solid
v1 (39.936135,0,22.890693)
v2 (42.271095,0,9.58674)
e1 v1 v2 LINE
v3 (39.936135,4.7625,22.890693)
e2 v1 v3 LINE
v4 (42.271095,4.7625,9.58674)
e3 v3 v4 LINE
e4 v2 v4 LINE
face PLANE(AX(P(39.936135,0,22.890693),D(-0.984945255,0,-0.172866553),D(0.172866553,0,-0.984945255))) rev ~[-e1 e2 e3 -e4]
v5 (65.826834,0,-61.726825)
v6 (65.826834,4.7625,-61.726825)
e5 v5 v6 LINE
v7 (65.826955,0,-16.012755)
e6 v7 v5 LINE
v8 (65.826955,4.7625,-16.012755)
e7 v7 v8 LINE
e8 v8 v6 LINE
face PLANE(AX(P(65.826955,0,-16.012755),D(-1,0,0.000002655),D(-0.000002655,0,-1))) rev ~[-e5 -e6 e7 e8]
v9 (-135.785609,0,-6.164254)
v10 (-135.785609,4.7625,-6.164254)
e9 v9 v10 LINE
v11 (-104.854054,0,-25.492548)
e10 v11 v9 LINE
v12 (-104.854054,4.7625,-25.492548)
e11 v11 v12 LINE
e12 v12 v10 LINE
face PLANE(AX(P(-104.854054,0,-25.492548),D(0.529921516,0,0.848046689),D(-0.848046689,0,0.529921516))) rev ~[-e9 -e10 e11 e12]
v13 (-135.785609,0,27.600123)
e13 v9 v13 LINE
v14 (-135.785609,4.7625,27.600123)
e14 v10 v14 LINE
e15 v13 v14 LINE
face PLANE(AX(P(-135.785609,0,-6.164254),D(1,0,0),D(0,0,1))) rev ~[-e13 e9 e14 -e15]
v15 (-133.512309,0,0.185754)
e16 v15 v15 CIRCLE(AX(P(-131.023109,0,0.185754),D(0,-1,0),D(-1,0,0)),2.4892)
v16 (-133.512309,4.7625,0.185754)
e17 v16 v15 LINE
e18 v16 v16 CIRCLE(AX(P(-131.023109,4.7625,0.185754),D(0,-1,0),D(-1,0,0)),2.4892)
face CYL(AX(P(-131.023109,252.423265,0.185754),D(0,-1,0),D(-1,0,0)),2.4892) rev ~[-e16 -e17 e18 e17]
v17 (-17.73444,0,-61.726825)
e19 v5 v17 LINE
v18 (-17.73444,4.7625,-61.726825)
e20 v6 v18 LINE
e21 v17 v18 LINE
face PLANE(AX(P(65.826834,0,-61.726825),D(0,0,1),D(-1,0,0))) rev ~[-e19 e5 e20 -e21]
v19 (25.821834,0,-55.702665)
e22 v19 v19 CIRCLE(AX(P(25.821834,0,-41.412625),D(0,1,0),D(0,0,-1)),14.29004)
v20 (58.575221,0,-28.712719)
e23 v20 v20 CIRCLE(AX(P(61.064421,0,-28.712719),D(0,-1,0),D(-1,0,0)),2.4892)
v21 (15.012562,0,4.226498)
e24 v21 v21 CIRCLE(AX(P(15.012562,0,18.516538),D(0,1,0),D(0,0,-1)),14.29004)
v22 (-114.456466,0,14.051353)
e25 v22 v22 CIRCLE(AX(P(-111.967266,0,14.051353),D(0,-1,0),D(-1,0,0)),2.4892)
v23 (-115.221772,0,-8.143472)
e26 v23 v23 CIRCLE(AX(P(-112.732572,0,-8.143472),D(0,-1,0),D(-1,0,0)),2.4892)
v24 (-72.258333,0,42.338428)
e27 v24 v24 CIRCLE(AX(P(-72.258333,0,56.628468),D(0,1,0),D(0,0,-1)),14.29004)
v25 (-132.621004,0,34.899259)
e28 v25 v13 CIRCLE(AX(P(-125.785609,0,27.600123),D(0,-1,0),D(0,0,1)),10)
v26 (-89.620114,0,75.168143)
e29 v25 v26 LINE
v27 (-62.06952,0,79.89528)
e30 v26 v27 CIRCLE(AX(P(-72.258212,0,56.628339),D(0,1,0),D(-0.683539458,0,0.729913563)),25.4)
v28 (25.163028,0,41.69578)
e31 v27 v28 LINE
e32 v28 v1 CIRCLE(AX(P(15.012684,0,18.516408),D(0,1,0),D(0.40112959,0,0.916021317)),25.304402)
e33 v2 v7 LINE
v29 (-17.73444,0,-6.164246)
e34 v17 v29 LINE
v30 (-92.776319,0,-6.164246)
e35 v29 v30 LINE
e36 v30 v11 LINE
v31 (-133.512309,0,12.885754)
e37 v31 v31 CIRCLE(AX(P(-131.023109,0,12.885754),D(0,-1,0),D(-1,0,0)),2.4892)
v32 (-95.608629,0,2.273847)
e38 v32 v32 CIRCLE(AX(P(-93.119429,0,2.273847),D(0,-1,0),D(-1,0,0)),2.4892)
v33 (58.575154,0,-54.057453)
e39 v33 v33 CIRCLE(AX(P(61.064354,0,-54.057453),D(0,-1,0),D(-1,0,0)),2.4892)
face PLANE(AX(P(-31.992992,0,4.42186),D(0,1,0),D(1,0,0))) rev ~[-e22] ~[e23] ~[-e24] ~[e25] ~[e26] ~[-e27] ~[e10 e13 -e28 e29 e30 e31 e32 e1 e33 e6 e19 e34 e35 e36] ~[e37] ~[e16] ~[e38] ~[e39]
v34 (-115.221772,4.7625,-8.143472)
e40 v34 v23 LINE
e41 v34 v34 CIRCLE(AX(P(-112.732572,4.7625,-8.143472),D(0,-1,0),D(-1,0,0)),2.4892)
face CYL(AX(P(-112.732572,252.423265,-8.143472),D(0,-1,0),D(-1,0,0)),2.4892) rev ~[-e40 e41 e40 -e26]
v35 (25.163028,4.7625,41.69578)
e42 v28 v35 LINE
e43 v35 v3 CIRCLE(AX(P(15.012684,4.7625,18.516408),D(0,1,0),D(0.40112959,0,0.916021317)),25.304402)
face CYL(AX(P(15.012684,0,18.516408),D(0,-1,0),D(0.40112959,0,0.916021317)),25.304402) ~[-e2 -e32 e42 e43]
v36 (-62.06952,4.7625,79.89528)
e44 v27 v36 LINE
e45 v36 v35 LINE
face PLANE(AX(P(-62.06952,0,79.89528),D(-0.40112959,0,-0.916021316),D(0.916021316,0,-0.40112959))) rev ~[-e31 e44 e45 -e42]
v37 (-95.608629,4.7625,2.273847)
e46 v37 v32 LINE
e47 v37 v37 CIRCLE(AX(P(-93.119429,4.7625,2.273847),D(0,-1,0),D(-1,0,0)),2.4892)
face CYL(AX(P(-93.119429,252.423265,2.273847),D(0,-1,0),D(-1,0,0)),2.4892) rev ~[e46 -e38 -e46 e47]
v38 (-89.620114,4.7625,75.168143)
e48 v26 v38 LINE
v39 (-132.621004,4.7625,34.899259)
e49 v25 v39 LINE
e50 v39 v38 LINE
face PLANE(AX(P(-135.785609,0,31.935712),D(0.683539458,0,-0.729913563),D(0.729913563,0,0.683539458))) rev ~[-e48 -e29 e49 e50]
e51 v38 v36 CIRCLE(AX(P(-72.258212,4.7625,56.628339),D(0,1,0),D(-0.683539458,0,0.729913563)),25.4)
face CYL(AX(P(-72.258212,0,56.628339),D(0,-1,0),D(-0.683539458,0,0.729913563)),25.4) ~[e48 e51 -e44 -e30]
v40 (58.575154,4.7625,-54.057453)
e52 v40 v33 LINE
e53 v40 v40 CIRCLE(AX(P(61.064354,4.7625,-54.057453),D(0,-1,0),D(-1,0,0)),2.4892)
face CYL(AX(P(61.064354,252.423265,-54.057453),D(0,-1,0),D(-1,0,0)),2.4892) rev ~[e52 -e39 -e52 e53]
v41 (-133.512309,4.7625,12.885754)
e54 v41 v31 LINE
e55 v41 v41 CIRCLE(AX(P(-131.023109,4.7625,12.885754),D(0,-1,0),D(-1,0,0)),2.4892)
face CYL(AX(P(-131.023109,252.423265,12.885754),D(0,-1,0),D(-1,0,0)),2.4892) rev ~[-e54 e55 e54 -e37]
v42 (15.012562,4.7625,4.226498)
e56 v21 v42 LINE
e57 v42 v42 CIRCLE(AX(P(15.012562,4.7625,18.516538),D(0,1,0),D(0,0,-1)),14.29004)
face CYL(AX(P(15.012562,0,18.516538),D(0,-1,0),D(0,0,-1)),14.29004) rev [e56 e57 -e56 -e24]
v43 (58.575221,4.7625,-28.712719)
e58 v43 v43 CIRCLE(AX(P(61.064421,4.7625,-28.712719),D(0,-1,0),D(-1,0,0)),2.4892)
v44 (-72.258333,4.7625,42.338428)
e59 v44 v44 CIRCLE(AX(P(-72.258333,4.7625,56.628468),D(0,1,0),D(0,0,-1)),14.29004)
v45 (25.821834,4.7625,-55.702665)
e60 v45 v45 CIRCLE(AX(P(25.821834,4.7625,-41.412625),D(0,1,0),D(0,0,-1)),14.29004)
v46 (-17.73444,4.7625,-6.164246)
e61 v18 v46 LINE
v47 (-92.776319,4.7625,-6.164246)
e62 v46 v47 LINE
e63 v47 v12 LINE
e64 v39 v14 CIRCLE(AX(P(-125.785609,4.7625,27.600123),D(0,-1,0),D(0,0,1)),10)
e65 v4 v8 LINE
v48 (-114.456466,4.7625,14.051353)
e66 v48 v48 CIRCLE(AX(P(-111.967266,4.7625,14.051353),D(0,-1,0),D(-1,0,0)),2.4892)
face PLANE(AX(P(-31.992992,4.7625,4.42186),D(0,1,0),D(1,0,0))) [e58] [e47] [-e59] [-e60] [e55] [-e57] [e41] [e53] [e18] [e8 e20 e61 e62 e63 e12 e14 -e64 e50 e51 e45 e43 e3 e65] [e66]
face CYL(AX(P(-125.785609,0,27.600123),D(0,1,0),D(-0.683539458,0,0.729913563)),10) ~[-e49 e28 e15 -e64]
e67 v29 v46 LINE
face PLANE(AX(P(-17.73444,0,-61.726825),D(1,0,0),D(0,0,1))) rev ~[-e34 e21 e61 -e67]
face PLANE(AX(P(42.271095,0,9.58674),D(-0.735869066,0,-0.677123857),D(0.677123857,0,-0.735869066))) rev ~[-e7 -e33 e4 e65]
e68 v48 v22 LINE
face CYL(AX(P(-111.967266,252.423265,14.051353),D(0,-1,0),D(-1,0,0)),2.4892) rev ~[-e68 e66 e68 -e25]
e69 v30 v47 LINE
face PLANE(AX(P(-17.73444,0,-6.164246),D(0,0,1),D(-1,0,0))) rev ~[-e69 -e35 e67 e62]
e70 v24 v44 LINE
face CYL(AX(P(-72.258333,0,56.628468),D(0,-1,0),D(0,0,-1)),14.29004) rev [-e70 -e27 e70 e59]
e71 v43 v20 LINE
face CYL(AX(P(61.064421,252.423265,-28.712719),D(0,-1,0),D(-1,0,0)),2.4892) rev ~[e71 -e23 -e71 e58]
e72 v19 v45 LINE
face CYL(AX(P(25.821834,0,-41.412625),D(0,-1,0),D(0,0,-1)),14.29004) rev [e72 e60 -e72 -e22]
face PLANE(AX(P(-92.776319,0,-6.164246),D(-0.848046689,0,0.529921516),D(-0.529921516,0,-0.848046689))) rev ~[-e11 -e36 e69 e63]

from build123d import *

# Parameters (mm, degrees)
SKETCH1_R              = 14.29004
BOSS_EXTRUDE1_DEPTH    = 4.7625
FILLET1_R              = 10
F_10_CLEARANCE_HOLE1_D = 4.9784
F_10_CLEARANCE_HOLE2_D = 4.9784


with BuildPart() as part:
    # Sketch1 → Boss-Extrude1 (new body)
    with BuildSketch(Plane(origin=(0, 0, 0), x_dir=(1, 0, 0), z_dir=(0, 1, 0))):
        with BuildLine():
            Line((-62.06952, -79.895280222), (25.163028109, -41.695780276))
            ThreePointArc((25.163028109, -41.695780276), (34.911191298, -34.148496119), (39.936134607, -22.890693115))
            Line((39.936134607, -22.890693115), (42.271095404, -9.586739751))
            Line((42.271095404, -9.586739751), (65.82695514, 16.012754812))
            Line((65.82695514, 16.012754812), (65.826833771, 61.726825209))
            Line((65.826833771, 61.726825209), (-17.734439664, 61.726825209))
            Line((-17.734439664, 61.726825209), (-17.734439664, 6.164245545))
            Line((-17.734439664, 6.164245545), (-92.776319002, 6.164245545))
            Line((-92.776319002, 6.164245545), (-104.854054452, 25.49254843))
            Line((-104.854054452, 25.49254843), (-135.785609254, 6.16425364))
            Line((-135.785609254, 6.16425364), (-135.785609254, -31.935712293))
            Line((-135.785609254, -31.935712293), (-89.620113812, -75.16814328))
            ThreePointArc((-89.620113812, -75.16814328), (-76.553580444, -81.662511553), (-62.06952, -79.895280222))
        make_face()
        with Locations(Location((25.821833771, 41.412625209, 0), (0, 0, 90))):
            Circle(SKETCH1_R, mode=Mode.SUBTRACT)
        with Locations(Location((15.012562201, -18.516537909, 0), (0, 0, 90))):
            Circle(SKETCH1_R, mode=Mode.SUBTRACT)
        with Locations(Location((-72.258332946, -56.628468385, 0), (0, 0, 90))):
            Circle(SKETCH1_R, mode=Mode.SUBTRACT)
    extrude(amount=BOSS_EXTRUDE1_DEPTH)

    # Fillet1
    fillet1_edges = [part.edges().sort_by_distance(p)[0] for p in [
        (-135.785609254, 2.38125, 31.935712293),
    ]]
    fillet(fillet1_edges, radius=FILLET1_R)

    # #10 Clearance Hole1 (through all)
    with Locations(Plane(origin=(0, 4.7625, 0), x_dir=(1, 0, 0), z_dir=(0, 1, 0))):
        with Locations((61.064354133, 54.057452946), (61.064421422, 28.712718776), (-131.023109254, -0.185754455), (-131.023109254, -12.885754455)):
            Hole(F_10_CLEARANCE_HOLE1_D / 2)

    # #10 Clearance Hole2 (through all)
    with Locations(Plane(origin=(0, 4.7625, 0), x_dir=(1, 0, 0), z_dir=(0, 1, 0))):
        with Locations((-111.967266406, -14.051352939), (-93.119428737, -2.273847251), (-112.732572492, 8.143472036)):
            Hole(F_10_CLEARANCE_HOLE2_D / 2)


solid = part.part
